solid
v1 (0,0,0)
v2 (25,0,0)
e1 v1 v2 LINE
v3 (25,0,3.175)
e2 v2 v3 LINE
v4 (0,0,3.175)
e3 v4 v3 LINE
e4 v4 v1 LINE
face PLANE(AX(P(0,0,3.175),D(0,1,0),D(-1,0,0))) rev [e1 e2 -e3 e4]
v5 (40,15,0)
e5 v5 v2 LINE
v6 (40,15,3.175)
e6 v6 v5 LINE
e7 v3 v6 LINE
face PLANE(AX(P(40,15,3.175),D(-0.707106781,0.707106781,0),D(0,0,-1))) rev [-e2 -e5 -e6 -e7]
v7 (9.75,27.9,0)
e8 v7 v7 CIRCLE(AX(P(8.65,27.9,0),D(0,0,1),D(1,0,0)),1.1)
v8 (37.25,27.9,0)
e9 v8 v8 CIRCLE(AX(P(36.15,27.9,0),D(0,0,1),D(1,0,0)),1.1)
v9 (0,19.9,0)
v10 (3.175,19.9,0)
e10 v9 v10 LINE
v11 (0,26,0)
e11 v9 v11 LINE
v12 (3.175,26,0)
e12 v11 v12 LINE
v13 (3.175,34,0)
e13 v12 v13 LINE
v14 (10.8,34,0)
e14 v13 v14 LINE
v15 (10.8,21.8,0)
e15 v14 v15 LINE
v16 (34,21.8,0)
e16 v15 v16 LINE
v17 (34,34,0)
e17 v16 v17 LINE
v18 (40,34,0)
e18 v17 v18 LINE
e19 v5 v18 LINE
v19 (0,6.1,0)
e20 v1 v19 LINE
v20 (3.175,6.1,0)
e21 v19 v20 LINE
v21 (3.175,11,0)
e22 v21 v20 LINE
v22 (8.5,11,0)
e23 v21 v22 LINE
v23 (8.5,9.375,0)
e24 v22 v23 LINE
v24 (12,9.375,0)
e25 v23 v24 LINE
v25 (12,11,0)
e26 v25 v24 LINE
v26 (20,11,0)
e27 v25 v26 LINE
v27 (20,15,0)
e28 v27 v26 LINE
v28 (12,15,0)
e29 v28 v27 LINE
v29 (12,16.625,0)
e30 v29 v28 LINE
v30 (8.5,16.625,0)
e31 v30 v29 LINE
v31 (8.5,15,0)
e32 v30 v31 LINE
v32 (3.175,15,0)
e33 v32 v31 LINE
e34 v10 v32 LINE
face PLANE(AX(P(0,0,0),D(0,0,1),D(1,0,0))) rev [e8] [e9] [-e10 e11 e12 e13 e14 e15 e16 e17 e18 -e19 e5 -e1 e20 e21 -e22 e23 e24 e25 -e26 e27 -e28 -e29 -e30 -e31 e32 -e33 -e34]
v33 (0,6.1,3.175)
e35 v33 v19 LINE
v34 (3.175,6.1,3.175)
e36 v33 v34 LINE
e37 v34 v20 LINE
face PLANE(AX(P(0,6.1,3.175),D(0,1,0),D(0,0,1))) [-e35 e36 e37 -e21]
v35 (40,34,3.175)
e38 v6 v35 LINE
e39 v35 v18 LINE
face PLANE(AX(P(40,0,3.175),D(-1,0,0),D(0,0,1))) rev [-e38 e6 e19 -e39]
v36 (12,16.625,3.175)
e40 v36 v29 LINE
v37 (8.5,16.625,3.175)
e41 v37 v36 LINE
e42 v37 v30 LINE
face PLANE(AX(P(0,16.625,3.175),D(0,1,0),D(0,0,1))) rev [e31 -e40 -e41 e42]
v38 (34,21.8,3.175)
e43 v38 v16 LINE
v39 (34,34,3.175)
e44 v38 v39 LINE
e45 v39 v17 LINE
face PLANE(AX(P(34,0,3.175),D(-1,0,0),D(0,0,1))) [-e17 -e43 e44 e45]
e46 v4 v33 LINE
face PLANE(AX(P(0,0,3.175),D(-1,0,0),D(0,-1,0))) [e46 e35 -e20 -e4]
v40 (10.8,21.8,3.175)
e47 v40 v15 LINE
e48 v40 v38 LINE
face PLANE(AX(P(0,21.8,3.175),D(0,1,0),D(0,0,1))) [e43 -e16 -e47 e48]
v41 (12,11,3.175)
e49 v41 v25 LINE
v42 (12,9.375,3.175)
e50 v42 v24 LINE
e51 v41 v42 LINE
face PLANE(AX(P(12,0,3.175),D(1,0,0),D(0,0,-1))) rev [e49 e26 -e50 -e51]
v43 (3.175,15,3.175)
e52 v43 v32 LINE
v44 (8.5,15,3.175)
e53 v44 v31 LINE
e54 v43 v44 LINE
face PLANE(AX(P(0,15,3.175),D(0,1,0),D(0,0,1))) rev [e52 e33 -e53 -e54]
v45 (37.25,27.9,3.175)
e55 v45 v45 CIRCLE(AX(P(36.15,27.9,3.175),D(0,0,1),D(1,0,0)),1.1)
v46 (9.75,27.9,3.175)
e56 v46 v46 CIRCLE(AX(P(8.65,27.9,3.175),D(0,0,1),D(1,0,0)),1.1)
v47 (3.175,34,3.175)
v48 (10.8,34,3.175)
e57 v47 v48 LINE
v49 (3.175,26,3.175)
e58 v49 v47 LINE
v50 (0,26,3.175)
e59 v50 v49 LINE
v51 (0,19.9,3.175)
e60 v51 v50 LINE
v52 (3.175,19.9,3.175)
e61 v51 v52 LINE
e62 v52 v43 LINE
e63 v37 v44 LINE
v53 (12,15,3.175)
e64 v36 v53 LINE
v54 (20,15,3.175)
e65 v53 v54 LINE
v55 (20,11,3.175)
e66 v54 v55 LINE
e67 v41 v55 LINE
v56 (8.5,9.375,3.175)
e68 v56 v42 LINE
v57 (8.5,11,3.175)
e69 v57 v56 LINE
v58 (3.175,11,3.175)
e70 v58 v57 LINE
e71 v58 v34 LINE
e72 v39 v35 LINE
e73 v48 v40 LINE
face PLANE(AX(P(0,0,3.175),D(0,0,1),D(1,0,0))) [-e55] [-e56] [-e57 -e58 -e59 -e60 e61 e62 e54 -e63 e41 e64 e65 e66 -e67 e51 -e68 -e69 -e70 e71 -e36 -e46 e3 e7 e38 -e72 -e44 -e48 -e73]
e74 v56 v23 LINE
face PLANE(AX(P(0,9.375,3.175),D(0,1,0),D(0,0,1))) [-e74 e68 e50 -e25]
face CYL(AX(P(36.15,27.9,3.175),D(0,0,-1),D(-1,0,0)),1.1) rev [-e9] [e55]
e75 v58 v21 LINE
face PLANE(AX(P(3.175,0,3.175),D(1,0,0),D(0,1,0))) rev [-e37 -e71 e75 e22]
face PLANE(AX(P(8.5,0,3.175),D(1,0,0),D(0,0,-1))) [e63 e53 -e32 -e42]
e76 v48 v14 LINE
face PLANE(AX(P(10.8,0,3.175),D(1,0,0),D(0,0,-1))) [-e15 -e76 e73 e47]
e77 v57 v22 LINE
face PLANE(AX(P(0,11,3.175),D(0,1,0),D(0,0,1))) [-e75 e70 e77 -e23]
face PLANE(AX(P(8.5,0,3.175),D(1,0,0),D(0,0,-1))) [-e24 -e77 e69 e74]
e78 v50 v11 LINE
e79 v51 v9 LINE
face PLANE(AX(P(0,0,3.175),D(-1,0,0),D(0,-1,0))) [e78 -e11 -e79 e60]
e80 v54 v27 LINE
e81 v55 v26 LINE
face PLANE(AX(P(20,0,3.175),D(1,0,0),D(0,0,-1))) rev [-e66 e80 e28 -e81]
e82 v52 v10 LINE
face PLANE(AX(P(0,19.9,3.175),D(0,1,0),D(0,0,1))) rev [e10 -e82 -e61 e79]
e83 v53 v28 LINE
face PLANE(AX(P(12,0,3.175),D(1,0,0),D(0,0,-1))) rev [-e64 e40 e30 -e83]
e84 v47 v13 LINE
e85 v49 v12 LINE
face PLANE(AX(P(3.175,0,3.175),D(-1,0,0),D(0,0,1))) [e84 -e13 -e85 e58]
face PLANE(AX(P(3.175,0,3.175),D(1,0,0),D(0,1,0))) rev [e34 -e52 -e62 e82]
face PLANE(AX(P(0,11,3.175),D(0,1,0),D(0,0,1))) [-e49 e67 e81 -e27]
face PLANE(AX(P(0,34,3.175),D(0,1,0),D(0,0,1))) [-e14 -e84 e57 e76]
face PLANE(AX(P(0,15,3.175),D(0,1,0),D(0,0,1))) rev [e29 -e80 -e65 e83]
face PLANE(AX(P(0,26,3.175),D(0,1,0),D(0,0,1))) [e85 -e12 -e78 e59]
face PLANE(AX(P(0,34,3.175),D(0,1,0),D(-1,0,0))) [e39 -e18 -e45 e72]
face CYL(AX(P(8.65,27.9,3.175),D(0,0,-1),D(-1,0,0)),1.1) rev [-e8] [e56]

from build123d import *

# Parameters (mm, degrees)
SKETCH1_R           = 1.1
BOSS_EXTRUDE1_DEPTH = 3.175
CHAMFER1_SIZE       = 15


with BuildPart() as part:
    # Sketch1 → Boss-Extrude1 (new body)
    # profile 1 of 2: a face of its own
    with BuildSketch(Plane.XY):
        Polygon((10.8, 21.8), (10.8, 34), (3.175, 34), (3.175, 26), (0, 26), (0, 19.9), (3.175, 19.9), (3.175, 17), (40, 17), (40, 34), (34, 34), (34, 21.8), align=None)
        with Locations((8.65, 27.9)):
            Circle(SKETCH1_R, mode=Mode.SUBTRACT)
        with Locations((36.15, 27.9)):
            Circle(SKETCH1_R, mode=Mode.SUBTRACT)
    # profile 2 of 2: a face of its own
    with BuildSketch(Plane.XY):
        Polygon((40, 0), (40, 17), (3.175, 17), (3.175, 15), (8.5, 15), (8.5, 16.625), (12, 16.625), (12, 15), (20, 15), (20, 11), (12, 11), (12, 9.375), (8.5, 9.375), (8.5, 11), (3.175, 11), (3.175, 6.1), (0, 6.1), (0, 0), align=None)
    extrude(amount=BOSS_EXTRUDE1_DEPTH)

    # Chamfer1
    chamfer1_edges = [part.edges().sort_by_distance(p)[0] for p in [
        (40, 0, 1.5875),
    ]]
    chamfer(chamfer1_edges, length=CHAMFER1_SIZE)


solid = part.part
